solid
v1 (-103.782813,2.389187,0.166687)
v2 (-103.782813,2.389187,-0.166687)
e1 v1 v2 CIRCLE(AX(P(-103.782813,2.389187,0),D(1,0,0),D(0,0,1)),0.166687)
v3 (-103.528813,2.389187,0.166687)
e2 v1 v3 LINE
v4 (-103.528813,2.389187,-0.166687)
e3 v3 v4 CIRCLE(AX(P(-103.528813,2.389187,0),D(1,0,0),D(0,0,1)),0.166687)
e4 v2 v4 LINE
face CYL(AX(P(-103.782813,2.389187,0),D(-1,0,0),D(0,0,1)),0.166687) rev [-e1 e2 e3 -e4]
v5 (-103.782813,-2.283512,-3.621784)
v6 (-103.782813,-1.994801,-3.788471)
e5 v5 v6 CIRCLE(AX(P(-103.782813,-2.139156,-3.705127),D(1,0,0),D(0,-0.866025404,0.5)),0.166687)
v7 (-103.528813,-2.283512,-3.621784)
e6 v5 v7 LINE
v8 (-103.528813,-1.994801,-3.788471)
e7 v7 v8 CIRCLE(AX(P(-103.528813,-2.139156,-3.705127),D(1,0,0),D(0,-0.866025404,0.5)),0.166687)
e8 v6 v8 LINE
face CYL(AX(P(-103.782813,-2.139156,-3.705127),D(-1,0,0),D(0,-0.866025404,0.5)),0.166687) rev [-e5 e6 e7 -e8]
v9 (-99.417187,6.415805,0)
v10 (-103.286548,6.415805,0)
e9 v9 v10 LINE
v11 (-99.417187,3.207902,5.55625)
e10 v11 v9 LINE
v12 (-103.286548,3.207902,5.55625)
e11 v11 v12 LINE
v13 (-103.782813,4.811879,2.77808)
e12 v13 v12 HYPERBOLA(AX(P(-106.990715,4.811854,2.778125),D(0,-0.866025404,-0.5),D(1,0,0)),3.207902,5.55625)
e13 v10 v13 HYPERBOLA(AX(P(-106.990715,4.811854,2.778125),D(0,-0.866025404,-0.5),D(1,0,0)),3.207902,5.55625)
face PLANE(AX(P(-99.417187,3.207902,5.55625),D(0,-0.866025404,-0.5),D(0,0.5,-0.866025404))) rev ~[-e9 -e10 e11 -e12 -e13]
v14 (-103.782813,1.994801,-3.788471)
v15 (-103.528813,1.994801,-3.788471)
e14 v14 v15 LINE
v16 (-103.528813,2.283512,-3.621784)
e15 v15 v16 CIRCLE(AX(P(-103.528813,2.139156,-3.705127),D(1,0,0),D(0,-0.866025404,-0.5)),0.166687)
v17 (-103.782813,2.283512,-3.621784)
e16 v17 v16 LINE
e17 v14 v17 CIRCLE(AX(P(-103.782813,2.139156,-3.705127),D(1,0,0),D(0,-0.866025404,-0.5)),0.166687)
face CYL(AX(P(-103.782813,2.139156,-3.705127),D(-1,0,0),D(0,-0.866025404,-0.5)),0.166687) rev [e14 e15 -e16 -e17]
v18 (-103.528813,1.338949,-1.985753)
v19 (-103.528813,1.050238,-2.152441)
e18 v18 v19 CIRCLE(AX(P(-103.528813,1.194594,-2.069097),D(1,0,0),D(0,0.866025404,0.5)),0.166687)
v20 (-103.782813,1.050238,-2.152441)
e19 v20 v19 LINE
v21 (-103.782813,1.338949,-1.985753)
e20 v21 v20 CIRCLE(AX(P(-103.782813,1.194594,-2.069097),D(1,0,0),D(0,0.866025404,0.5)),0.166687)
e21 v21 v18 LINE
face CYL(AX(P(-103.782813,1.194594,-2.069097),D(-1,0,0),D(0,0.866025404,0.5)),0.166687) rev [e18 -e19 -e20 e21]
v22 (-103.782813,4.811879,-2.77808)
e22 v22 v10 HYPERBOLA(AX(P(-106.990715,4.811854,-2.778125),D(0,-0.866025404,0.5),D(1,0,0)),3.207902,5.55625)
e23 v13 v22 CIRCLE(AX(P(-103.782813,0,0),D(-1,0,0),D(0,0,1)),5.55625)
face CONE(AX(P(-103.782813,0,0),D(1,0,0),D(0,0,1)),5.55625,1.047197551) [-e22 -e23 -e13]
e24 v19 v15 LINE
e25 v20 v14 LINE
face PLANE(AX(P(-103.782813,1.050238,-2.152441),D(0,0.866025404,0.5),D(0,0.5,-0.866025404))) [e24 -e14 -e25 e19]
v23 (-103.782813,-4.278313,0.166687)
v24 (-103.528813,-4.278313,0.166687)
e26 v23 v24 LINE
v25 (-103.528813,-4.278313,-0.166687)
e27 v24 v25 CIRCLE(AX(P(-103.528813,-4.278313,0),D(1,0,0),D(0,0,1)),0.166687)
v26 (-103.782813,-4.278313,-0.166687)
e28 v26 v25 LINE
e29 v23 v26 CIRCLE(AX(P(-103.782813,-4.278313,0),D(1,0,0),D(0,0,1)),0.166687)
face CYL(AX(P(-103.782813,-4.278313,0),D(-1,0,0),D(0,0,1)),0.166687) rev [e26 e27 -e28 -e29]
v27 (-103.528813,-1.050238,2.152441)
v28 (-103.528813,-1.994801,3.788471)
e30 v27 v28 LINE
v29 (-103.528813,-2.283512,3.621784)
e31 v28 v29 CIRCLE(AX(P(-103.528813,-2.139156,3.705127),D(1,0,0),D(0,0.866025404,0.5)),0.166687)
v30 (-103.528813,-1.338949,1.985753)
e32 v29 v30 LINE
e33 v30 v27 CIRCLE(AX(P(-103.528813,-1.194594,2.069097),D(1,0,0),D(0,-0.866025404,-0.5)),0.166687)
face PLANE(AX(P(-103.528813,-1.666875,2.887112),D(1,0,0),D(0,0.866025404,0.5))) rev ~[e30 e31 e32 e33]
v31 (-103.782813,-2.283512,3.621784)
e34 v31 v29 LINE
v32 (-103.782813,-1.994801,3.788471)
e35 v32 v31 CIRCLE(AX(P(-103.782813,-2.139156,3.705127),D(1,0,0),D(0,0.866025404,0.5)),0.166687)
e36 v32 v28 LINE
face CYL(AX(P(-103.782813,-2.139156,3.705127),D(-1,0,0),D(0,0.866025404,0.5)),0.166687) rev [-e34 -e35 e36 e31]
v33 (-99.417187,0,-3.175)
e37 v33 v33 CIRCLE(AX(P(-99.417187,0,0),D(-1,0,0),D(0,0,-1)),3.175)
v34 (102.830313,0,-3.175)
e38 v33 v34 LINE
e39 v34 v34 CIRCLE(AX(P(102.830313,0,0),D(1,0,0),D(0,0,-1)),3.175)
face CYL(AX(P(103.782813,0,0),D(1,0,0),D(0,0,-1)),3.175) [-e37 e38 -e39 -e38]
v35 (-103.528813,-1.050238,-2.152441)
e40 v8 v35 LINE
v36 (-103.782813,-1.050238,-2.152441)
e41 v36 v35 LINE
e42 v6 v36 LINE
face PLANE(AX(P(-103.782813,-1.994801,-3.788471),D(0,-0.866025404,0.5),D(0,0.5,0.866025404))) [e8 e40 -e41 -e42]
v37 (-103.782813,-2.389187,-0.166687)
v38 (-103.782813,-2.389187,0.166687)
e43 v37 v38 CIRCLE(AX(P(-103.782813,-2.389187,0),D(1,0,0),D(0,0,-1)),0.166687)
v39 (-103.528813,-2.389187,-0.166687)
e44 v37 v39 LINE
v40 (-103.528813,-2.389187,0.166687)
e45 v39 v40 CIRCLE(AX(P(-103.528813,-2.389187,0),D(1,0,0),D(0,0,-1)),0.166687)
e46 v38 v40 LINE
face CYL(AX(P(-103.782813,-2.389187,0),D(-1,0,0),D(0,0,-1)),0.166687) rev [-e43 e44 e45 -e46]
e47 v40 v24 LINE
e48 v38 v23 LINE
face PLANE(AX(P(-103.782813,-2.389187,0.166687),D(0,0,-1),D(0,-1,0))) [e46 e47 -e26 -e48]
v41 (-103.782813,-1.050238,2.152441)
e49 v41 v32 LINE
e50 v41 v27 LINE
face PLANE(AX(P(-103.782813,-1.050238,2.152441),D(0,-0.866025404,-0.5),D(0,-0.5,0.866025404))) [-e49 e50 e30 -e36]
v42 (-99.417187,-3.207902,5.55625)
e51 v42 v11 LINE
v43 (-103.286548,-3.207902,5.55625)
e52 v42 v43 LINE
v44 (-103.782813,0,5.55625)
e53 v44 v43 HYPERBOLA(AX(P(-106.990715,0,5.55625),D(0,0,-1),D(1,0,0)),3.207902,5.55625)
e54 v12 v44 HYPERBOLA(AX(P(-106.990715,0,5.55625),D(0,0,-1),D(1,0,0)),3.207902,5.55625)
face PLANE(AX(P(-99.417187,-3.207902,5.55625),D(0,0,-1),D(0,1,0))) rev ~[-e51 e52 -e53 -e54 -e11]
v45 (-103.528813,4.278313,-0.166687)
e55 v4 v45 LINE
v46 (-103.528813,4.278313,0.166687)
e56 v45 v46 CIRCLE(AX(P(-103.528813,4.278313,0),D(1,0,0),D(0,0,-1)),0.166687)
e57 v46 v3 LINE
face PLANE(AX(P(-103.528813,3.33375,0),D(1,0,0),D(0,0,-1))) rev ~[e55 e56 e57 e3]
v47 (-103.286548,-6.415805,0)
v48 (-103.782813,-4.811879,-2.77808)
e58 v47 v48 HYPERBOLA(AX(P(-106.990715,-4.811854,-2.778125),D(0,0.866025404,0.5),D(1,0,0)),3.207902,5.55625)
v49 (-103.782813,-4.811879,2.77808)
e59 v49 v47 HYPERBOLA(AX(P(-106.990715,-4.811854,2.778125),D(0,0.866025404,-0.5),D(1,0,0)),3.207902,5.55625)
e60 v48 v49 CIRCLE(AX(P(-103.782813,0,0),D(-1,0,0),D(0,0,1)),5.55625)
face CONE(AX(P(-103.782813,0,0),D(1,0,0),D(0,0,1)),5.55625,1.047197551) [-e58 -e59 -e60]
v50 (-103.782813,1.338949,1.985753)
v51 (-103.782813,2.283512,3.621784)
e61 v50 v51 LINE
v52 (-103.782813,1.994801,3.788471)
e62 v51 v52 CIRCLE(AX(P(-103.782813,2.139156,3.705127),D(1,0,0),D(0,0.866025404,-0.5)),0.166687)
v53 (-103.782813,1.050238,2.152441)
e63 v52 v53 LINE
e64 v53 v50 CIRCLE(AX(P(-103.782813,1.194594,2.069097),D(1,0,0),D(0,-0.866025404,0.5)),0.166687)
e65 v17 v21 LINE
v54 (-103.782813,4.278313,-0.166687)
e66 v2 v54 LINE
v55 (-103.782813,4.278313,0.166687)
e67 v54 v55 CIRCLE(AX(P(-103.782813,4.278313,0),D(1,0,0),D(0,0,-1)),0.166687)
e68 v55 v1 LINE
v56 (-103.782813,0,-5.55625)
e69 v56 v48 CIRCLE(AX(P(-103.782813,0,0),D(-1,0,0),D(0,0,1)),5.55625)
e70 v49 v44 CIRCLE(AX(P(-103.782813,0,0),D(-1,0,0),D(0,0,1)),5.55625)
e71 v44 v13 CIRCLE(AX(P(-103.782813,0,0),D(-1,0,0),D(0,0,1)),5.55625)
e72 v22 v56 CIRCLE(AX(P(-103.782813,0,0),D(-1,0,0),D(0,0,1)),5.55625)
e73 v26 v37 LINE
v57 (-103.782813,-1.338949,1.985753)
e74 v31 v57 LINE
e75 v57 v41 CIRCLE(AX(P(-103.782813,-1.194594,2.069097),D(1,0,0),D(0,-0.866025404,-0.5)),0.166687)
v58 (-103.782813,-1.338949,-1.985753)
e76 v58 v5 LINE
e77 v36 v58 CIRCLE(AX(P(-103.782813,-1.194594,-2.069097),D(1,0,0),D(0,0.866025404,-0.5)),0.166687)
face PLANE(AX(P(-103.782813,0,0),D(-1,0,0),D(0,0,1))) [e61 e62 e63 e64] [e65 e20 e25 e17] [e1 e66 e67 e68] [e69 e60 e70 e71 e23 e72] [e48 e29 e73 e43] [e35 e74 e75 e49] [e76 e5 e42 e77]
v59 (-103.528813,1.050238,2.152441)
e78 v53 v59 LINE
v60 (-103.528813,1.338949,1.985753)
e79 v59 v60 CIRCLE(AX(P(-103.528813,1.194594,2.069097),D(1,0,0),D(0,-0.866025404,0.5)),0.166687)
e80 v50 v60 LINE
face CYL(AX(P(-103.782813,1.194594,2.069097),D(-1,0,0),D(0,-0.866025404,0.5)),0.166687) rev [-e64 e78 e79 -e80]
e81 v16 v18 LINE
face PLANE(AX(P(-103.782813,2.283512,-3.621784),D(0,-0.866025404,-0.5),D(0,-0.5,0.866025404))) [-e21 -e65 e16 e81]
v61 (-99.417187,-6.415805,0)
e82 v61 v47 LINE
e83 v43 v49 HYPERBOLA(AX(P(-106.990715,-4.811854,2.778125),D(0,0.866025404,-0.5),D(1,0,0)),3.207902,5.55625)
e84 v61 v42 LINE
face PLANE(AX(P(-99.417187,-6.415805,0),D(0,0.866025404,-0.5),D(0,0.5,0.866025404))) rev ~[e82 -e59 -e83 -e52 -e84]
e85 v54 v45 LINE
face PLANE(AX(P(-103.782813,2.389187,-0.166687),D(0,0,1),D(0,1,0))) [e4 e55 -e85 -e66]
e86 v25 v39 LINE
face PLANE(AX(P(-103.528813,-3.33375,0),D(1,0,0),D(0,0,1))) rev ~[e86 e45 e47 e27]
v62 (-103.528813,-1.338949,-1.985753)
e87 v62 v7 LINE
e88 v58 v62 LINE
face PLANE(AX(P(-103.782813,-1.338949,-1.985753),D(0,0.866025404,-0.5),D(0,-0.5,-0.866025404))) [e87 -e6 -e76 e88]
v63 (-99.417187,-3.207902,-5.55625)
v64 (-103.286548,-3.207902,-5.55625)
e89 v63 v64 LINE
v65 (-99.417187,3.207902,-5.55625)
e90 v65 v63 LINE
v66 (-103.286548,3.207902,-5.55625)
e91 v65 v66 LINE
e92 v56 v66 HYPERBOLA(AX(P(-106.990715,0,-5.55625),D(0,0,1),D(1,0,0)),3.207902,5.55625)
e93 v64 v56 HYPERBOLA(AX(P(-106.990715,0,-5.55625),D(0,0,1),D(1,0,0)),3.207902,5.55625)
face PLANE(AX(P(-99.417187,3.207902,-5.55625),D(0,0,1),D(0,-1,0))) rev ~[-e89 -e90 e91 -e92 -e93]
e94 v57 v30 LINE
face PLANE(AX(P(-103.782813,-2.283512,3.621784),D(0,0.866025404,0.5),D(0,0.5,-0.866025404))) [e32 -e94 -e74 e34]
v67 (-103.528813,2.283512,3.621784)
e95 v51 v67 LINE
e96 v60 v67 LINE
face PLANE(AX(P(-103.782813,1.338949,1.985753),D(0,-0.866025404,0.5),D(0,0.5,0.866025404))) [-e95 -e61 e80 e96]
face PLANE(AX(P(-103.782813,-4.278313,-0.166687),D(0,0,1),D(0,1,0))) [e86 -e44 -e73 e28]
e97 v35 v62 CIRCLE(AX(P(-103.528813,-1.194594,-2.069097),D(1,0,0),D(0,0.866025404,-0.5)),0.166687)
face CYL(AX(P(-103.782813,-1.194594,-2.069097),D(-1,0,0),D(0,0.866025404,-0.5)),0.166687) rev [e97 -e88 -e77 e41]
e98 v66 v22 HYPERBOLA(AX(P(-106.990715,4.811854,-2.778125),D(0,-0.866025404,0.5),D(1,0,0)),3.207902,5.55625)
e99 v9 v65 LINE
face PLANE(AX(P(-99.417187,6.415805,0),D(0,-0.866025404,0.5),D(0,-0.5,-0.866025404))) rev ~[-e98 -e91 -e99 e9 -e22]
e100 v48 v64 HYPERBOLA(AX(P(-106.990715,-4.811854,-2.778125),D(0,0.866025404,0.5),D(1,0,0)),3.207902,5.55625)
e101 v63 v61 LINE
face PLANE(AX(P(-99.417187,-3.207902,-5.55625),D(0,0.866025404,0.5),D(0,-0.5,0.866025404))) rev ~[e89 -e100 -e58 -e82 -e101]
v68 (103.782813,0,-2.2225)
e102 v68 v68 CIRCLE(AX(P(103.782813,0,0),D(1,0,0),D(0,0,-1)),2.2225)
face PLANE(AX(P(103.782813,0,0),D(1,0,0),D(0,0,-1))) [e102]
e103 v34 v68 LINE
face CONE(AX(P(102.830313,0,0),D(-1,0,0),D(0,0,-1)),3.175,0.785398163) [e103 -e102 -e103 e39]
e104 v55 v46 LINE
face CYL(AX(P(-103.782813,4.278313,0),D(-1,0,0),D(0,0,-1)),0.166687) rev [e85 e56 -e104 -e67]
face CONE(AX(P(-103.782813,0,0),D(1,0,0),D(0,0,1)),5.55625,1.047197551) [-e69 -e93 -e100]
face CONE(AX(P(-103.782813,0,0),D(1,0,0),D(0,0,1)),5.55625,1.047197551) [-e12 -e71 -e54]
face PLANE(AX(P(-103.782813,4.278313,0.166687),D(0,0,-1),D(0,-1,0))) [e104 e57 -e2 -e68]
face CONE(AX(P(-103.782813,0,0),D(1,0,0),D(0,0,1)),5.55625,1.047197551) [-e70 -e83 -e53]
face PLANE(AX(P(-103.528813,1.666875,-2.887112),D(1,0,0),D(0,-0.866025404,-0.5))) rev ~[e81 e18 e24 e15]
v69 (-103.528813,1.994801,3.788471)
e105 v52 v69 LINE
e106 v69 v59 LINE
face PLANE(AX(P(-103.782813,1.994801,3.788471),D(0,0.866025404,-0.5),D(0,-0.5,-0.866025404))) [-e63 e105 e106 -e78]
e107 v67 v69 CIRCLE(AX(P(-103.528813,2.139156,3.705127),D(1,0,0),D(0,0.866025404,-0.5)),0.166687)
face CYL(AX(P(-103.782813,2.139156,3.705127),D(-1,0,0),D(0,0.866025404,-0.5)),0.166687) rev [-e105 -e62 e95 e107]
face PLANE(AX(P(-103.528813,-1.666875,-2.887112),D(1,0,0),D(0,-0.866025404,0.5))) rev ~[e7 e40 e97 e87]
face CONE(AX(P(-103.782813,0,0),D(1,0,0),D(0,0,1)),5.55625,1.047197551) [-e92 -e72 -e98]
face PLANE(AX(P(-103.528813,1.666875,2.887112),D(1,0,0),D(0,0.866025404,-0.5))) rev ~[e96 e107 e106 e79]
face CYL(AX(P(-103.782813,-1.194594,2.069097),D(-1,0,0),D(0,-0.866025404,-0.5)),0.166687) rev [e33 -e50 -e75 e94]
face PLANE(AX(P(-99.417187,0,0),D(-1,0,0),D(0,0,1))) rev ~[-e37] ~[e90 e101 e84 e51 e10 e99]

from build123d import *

# Parameters (mm, degrees)
SKETCH5_R           = 3.175
BOSS_EXTRUDE3_DEPTH = 203.2
CHAMFER1_SIZE       = 0.9525
BOSS_EXTRUDE4_DEPTH = 4.365625
SKETCH8_OUTSIDE_W   = 777.858
SKETCH8_OUTSIDE_H   = 779.578
SKETCH8_OUTSIDE_R   = 5.55625
CUT_EXTRUDE3_DEPTH  = 208.739074677
CUT_EXTRUDE3_DRAFT  = -60
CUT_EXTRUDE4_DEPTH  = 0.254
CIRPATTERN1_COUNT   = 6


with BuildPart() as part:
    # Sketch5 → Boss-Extrude3 (new body)
    with BuildSketch(Plane(origin=(103.7828125, 0, 0), x_dir=(0, 0, -1), z_dir=(1, 0, 0))):
        Circle(SKETCH5_R)
    extrude(amount=-BOSS_EXTRUDE3_DEPTH)

    # Chamfer1
    chamfer1_edges = [part.edges().sort_by_distance(p)[0] for p in [
        (103.7828125, 0, 3.175),
    ]]
    chamfer(chamfer1_edges, length=CHAMFER1_SIZE)

    # Sketch11 → Revolve1 (revolve)
    with BuildSketch(Plane.XY):
        Polygon((-99.4171875, 3.175), (-99.4171875, 0), (81.5578125, 0), (78.3828125, 3.175), align=None)
    revolve(axis=Axis((-99.4171875, 0, 0), (1, 0, 0)))

    # Sketch6 → Boss-Extrude4 (add)
    with BuildSketch(Plane.ZY.offset(99.4171875)):
        Polygon((5.55625, 3.207902433), (0, 6.415804866), (-5.55625, 3.207902433), (-5.55625, -3.207902433), (0, -6.415804866), (5.55625, -3.207902433), align=None)
    extrude(amount=BOSS_EXTRUDE4_DEPTH)


with BuildPart() as cut_extrude3_tool:
    # Sketch8 outside → Cut-Extrude3 (with draft: the straight prism first)
    with BuildSketch(Plane.ZY.offset(103.7828125)):
        Rectangle(SKETCH8_OUTSIDE_W, SKETCH8_OUTSIDE_H)
        Circle(SKETCH8_OUTSIDE_R, mode=Mode.SUBTRACT)
    extrude(amount=-CUT_EXTRUDE3_DEPTH)
    # Cut-Extrude3: the draft: its side faces are tilted about the plane it starts from
    cut_extrude3_sides = [cut_extrude3_tool.faces().sort_by_distance(p)[0] for p in [
        (0.586724839, -389.789, 0),
        (0.586724839, 0, 388.929),
        (0.586724839, 389.789, 0),
        (0.586724839, 0, -388.929),
        (0.586724839, 0, -5.55625),
    ]]
    draft(cut_extrude3_sides, Plane.ZY.offset(103.7828125), CUT_EXTRUDE3_DRAFT)


with BuildPart() as part_1:
    add(part.part)

    # Cut-Extrude3: cut by cut_extrude3_tool
    add(cut_extrude3_tool.part, mode=Mode.SUBTRACT)

    # Sketch12 → Cut-Extrude4 (cut)
    with BuildSketch(Plane.ZY.offset(103.7828125)):
        with BuildLine():
            Line((0.1666875, 4.2783125), (0.1666875, 2.3891875))
            ThreePointArc((0.1666875, 2.3891875), (0, 2.2225), (-0.1666875, 2.3891875))
            Line((-0.1666875, 2.3891875), (-0.1666875, 4.2783125))
            ThreePointArc((-0.1666875, 4.2783125), (0, 4.445), (0.1666875, 4.2783125))
        make_face()
    cut_extrude4 = extrude(amount=-CUT_EXTRUDE4_DEPTH, mode=Mode.SUBTRACT)

    # CirPattern1: Cut-Extrude4 ×6 about axis
    cirpattern1_axis = Axis((0, 0, 0), (1, 0, 0))
    for i in range(1, CIRPATTERN1_COUNT):
        add(cut_extrude4.rotate(cirpattern1_axis, i * 360 / CIRPATTERN1_COUNT), mode=Mode.SUBTRACT)


solid = part_1.part
